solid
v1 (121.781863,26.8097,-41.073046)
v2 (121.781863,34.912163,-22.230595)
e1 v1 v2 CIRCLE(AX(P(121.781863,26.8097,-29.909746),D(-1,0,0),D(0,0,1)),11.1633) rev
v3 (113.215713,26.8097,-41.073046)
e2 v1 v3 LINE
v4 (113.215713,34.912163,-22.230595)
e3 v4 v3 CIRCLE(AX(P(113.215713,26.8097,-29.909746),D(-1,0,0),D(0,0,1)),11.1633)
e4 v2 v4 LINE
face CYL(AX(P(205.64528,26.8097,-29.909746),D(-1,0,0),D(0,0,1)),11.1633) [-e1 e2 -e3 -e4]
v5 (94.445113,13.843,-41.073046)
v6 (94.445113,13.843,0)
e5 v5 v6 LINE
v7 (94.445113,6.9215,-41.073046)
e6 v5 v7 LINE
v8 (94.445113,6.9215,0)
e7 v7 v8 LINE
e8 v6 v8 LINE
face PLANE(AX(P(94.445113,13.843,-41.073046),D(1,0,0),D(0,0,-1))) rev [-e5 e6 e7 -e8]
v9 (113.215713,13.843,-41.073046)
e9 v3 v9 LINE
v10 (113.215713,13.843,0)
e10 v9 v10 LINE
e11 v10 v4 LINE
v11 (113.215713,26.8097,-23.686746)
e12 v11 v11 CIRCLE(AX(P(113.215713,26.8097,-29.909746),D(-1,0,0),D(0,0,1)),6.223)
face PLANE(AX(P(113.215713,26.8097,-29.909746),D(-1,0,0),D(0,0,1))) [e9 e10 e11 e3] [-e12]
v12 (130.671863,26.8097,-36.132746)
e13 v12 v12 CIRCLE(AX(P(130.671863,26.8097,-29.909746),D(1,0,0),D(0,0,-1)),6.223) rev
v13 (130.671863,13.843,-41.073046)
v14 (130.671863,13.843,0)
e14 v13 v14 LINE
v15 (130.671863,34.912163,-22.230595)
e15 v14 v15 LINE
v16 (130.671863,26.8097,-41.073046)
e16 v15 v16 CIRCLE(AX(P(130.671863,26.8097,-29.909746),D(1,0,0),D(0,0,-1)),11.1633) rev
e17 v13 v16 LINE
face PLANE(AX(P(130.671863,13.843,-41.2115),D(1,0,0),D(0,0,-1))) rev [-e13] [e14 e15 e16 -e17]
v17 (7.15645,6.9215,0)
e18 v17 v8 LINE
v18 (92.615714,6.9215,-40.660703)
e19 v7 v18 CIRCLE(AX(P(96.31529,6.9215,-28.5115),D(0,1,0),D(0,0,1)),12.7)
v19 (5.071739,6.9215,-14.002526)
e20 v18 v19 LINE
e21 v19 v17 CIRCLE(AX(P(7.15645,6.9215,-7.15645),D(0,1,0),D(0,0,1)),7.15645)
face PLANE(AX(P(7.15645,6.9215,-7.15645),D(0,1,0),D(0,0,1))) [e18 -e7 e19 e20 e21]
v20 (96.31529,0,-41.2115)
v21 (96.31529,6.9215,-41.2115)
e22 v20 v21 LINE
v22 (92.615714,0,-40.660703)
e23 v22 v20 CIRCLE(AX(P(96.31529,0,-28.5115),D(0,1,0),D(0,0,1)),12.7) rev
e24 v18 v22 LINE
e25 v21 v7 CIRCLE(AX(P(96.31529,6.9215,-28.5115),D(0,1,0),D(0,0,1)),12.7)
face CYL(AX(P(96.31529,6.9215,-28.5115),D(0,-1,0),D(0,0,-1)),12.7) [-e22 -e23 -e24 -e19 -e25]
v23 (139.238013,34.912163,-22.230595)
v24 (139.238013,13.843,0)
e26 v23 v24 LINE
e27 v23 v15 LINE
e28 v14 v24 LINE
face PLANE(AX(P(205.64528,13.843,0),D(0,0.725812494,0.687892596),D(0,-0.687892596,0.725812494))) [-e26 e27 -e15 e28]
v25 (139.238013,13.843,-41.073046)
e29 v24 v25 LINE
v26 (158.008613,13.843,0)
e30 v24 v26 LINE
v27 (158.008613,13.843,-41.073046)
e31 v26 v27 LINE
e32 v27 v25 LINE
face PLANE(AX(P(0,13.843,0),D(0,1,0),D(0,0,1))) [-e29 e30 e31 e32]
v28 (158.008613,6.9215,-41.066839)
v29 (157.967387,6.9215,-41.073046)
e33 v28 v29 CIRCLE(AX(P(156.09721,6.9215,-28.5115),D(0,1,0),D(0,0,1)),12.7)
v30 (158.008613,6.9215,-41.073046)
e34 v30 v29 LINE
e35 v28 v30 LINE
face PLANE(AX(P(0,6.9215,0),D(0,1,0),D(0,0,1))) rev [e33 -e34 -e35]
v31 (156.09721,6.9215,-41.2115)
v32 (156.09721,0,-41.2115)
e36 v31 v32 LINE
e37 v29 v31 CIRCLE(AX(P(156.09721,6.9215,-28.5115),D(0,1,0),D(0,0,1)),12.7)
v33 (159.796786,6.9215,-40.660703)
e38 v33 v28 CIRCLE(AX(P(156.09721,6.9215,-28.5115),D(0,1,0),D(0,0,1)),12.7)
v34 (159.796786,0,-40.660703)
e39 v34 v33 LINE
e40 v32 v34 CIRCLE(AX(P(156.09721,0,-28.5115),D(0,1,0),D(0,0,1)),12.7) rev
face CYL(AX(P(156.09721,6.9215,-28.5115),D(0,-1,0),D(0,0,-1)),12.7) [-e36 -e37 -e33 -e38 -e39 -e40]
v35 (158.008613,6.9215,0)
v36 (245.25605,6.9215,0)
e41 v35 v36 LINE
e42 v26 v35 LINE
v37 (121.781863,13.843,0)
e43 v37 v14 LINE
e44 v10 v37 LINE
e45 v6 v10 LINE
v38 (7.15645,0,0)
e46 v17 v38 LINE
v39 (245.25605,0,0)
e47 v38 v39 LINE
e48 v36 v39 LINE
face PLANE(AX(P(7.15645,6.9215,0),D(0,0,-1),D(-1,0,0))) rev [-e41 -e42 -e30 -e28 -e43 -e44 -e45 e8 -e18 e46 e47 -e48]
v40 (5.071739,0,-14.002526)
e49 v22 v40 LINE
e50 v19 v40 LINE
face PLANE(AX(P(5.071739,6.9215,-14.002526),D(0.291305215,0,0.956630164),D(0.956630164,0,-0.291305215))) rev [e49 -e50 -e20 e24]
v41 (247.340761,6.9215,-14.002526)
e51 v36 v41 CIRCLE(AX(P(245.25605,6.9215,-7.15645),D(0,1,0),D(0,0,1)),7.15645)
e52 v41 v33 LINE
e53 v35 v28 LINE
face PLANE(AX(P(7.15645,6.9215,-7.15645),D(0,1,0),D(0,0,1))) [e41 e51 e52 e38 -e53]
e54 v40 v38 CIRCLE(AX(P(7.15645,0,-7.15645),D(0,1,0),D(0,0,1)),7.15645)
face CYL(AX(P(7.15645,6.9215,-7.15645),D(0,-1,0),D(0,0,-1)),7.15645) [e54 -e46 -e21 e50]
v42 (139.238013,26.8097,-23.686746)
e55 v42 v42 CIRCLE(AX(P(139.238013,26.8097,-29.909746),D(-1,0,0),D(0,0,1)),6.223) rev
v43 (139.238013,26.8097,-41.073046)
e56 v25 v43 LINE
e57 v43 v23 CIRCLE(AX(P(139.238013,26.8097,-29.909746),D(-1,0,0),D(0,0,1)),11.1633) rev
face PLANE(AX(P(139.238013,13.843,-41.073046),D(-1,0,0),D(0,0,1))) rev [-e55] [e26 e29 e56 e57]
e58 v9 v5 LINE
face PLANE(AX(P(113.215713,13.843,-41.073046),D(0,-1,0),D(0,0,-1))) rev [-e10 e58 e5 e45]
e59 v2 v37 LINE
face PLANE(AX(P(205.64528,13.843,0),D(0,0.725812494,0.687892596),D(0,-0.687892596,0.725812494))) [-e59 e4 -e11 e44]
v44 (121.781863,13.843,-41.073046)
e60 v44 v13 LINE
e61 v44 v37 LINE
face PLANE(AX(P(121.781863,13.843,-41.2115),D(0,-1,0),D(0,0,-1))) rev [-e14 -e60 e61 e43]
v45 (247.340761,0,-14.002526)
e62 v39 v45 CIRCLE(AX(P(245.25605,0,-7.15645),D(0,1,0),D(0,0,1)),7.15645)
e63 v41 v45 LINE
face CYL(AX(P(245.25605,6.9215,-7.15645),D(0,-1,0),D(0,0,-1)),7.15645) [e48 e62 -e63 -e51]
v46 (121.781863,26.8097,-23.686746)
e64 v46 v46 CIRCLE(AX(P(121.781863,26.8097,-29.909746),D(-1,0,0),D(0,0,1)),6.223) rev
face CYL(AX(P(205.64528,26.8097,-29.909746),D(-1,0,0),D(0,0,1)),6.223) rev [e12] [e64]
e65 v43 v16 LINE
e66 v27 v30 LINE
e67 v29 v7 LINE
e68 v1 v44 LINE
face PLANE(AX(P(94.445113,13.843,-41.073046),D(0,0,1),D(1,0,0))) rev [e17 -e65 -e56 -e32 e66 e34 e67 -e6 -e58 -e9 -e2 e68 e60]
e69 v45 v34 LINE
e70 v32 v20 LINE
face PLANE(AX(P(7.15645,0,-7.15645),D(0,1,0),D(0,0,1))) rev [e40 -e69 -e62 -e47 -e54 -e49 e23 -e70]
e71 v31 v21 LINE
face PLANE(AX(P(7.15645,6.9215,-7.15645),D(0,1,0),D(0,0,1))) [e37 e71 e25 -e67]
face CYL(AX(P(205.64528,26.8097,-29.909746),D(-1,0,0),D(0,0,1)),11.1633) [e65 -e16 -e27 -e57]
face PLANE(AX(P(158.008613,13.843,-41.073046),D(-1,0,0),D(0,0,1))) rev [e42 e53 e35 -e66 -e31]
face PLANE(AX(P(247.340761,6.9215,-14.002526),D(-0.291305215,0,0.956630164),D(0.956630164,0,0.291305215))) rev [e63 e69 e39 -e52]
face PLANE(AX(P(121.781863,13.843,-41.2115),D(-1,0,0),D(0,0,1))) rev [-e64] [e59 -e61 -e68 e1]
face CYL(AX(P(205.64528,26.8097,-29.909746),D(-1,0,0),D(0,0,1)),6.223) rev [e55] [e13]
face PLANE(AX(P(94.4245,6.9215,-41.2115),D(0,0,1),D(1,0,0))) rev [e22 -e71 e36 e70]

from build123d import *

# Parameters (mm, degrees)
BOSS_EXTRUDE1_DEPTH = 6.9215
FILLET1_R           = 12.7
SKETCH2_W           = 63.5635
SKETCH2_H           = 41.073046068
BOSS_EXTRUDE2_DEPTH = 6.9215
SKETCH3_R           = 6.223
BOSS_EXTRUDE4_DEPTH = 44.7929
SKETCH3_2_R         = 6.223
CUT_EXTRUDE1_DEPTH  = 18.7706
SKETCH4_W           = 8.89
SKETCH4_H           = 24.13
CUT_EXTRUDE2_DEPTH  = 42.2115


with BuildPart() as part:
    # Sketch1 → Boss-Extrude1 (new body)
    with BuildSketch(Plane(origin=(0, 0, 0), x_dir=(1, 0, 0), z_dir=(0, 1, 0))):
        with BuildLine():
            Line((5.071738793, 14.002525941), (94.4245, 41.2115))
            Line((94.4245, 41.2115), (157.988, 41.2115))
            Line((157.988, 41.2115), (247.340761207, 14.002525941))
            ThreePointArc((247.340761207, 14.002525941), (252.334481209, 6.102605506), (245.25605, 0))
            Line((245.25605, 0), (7.15645, 0))
            ThreePointArc((7.15645, 0), (0.078018791, 6.102605506), (5.071738793, 14.002525941))
        make_face()
    extrude(amount=BOSS_EXTRUDE1_DEPTH)

    # Fillet1
    fillet1_edges = [part.edges().sort_by_distance(p)[0] for p in [
        (94.4245, 3.46075, -41.2115),
        (157.988, 3.46075, -41.2115),
    ]]
    fillet(fillet1_edges, radius=FILLET1_R)

    # Sketch2 → Boss-Extrude2 (add)
    with BuildSketch(Plane(origin=(0, 6.9215, 0), x_dir=(1, 0, 0), z_dir=(0, 1, 0))):
        with Locations((126.226863171, 20.536523034)):
            Rectangle(SKETCH2_W, SKETCH2_H)
    extrude(amount=BOSS_EXTRUDE2_DEPTH)

    # Sketch3 → Boss-Extrude4 (add)
    with BuildSketch(Plane.ZY.offset(-94.445113171)):
        with BuildLine():
            Line((-41.073046068, 26.8097), (-41.073046068, 13.843))
            Line((-41.073046068, 13.843), (0, 13.843))
            Line((0, 13.843), (-22.230594652, 34.912162614))
            ThreePointArc((-22.230594652, 34.912162614), (-34.319655131, 37.065038558), (-41.073046068, 26.8097))
        make_face()
        with Locations((-29.909746068, 26.8097)):
            Circle(SKETCH3_R, mode=Mode.SUBTRACT)
    extrude(amount=-BOSS_EXTRUDE4_DEPTH)

    # Sketch3<2> → Cut-Extrude1 (cut)
    with BuildSketch(Plane.ZY.offset(-94.445113171)):
        with BuildLine():
            Line((-41.073046068, 26.8097), (-41.073046068, 13.843))
            Line((-41.073046068, 13.843), (0, 13.843))
            Line((0, 13.843), (-22.230594652, 34.912162614))
            ThreePointArc((-22.230594652, 34.912162614), (-34.319655131, 37.065038558), (-41.073046068, 26.8097))
        make_face()
        with Locations((-29.909746068, 26.8097)):
            Circle(SKETCH3_2_R, mode=Mode.SUBTRACT)
    extrude(amount=-CUT_EXTRUDE1_DEPTH, mode=Mode.SUBTRACT)

    # Sketch4 → Cut-Extrude2 (cut, through all)
    with BuildSketch(Plane.XY):
        with Locations((126.226863171, 25.908)):
            Rectangle(SKETCH4_W, SKETCH4_H)
    extrude(amount=-CUT_EXTRUDE2_DEPTH, mode=Mode.SUBTRACT)


solid = part.part
